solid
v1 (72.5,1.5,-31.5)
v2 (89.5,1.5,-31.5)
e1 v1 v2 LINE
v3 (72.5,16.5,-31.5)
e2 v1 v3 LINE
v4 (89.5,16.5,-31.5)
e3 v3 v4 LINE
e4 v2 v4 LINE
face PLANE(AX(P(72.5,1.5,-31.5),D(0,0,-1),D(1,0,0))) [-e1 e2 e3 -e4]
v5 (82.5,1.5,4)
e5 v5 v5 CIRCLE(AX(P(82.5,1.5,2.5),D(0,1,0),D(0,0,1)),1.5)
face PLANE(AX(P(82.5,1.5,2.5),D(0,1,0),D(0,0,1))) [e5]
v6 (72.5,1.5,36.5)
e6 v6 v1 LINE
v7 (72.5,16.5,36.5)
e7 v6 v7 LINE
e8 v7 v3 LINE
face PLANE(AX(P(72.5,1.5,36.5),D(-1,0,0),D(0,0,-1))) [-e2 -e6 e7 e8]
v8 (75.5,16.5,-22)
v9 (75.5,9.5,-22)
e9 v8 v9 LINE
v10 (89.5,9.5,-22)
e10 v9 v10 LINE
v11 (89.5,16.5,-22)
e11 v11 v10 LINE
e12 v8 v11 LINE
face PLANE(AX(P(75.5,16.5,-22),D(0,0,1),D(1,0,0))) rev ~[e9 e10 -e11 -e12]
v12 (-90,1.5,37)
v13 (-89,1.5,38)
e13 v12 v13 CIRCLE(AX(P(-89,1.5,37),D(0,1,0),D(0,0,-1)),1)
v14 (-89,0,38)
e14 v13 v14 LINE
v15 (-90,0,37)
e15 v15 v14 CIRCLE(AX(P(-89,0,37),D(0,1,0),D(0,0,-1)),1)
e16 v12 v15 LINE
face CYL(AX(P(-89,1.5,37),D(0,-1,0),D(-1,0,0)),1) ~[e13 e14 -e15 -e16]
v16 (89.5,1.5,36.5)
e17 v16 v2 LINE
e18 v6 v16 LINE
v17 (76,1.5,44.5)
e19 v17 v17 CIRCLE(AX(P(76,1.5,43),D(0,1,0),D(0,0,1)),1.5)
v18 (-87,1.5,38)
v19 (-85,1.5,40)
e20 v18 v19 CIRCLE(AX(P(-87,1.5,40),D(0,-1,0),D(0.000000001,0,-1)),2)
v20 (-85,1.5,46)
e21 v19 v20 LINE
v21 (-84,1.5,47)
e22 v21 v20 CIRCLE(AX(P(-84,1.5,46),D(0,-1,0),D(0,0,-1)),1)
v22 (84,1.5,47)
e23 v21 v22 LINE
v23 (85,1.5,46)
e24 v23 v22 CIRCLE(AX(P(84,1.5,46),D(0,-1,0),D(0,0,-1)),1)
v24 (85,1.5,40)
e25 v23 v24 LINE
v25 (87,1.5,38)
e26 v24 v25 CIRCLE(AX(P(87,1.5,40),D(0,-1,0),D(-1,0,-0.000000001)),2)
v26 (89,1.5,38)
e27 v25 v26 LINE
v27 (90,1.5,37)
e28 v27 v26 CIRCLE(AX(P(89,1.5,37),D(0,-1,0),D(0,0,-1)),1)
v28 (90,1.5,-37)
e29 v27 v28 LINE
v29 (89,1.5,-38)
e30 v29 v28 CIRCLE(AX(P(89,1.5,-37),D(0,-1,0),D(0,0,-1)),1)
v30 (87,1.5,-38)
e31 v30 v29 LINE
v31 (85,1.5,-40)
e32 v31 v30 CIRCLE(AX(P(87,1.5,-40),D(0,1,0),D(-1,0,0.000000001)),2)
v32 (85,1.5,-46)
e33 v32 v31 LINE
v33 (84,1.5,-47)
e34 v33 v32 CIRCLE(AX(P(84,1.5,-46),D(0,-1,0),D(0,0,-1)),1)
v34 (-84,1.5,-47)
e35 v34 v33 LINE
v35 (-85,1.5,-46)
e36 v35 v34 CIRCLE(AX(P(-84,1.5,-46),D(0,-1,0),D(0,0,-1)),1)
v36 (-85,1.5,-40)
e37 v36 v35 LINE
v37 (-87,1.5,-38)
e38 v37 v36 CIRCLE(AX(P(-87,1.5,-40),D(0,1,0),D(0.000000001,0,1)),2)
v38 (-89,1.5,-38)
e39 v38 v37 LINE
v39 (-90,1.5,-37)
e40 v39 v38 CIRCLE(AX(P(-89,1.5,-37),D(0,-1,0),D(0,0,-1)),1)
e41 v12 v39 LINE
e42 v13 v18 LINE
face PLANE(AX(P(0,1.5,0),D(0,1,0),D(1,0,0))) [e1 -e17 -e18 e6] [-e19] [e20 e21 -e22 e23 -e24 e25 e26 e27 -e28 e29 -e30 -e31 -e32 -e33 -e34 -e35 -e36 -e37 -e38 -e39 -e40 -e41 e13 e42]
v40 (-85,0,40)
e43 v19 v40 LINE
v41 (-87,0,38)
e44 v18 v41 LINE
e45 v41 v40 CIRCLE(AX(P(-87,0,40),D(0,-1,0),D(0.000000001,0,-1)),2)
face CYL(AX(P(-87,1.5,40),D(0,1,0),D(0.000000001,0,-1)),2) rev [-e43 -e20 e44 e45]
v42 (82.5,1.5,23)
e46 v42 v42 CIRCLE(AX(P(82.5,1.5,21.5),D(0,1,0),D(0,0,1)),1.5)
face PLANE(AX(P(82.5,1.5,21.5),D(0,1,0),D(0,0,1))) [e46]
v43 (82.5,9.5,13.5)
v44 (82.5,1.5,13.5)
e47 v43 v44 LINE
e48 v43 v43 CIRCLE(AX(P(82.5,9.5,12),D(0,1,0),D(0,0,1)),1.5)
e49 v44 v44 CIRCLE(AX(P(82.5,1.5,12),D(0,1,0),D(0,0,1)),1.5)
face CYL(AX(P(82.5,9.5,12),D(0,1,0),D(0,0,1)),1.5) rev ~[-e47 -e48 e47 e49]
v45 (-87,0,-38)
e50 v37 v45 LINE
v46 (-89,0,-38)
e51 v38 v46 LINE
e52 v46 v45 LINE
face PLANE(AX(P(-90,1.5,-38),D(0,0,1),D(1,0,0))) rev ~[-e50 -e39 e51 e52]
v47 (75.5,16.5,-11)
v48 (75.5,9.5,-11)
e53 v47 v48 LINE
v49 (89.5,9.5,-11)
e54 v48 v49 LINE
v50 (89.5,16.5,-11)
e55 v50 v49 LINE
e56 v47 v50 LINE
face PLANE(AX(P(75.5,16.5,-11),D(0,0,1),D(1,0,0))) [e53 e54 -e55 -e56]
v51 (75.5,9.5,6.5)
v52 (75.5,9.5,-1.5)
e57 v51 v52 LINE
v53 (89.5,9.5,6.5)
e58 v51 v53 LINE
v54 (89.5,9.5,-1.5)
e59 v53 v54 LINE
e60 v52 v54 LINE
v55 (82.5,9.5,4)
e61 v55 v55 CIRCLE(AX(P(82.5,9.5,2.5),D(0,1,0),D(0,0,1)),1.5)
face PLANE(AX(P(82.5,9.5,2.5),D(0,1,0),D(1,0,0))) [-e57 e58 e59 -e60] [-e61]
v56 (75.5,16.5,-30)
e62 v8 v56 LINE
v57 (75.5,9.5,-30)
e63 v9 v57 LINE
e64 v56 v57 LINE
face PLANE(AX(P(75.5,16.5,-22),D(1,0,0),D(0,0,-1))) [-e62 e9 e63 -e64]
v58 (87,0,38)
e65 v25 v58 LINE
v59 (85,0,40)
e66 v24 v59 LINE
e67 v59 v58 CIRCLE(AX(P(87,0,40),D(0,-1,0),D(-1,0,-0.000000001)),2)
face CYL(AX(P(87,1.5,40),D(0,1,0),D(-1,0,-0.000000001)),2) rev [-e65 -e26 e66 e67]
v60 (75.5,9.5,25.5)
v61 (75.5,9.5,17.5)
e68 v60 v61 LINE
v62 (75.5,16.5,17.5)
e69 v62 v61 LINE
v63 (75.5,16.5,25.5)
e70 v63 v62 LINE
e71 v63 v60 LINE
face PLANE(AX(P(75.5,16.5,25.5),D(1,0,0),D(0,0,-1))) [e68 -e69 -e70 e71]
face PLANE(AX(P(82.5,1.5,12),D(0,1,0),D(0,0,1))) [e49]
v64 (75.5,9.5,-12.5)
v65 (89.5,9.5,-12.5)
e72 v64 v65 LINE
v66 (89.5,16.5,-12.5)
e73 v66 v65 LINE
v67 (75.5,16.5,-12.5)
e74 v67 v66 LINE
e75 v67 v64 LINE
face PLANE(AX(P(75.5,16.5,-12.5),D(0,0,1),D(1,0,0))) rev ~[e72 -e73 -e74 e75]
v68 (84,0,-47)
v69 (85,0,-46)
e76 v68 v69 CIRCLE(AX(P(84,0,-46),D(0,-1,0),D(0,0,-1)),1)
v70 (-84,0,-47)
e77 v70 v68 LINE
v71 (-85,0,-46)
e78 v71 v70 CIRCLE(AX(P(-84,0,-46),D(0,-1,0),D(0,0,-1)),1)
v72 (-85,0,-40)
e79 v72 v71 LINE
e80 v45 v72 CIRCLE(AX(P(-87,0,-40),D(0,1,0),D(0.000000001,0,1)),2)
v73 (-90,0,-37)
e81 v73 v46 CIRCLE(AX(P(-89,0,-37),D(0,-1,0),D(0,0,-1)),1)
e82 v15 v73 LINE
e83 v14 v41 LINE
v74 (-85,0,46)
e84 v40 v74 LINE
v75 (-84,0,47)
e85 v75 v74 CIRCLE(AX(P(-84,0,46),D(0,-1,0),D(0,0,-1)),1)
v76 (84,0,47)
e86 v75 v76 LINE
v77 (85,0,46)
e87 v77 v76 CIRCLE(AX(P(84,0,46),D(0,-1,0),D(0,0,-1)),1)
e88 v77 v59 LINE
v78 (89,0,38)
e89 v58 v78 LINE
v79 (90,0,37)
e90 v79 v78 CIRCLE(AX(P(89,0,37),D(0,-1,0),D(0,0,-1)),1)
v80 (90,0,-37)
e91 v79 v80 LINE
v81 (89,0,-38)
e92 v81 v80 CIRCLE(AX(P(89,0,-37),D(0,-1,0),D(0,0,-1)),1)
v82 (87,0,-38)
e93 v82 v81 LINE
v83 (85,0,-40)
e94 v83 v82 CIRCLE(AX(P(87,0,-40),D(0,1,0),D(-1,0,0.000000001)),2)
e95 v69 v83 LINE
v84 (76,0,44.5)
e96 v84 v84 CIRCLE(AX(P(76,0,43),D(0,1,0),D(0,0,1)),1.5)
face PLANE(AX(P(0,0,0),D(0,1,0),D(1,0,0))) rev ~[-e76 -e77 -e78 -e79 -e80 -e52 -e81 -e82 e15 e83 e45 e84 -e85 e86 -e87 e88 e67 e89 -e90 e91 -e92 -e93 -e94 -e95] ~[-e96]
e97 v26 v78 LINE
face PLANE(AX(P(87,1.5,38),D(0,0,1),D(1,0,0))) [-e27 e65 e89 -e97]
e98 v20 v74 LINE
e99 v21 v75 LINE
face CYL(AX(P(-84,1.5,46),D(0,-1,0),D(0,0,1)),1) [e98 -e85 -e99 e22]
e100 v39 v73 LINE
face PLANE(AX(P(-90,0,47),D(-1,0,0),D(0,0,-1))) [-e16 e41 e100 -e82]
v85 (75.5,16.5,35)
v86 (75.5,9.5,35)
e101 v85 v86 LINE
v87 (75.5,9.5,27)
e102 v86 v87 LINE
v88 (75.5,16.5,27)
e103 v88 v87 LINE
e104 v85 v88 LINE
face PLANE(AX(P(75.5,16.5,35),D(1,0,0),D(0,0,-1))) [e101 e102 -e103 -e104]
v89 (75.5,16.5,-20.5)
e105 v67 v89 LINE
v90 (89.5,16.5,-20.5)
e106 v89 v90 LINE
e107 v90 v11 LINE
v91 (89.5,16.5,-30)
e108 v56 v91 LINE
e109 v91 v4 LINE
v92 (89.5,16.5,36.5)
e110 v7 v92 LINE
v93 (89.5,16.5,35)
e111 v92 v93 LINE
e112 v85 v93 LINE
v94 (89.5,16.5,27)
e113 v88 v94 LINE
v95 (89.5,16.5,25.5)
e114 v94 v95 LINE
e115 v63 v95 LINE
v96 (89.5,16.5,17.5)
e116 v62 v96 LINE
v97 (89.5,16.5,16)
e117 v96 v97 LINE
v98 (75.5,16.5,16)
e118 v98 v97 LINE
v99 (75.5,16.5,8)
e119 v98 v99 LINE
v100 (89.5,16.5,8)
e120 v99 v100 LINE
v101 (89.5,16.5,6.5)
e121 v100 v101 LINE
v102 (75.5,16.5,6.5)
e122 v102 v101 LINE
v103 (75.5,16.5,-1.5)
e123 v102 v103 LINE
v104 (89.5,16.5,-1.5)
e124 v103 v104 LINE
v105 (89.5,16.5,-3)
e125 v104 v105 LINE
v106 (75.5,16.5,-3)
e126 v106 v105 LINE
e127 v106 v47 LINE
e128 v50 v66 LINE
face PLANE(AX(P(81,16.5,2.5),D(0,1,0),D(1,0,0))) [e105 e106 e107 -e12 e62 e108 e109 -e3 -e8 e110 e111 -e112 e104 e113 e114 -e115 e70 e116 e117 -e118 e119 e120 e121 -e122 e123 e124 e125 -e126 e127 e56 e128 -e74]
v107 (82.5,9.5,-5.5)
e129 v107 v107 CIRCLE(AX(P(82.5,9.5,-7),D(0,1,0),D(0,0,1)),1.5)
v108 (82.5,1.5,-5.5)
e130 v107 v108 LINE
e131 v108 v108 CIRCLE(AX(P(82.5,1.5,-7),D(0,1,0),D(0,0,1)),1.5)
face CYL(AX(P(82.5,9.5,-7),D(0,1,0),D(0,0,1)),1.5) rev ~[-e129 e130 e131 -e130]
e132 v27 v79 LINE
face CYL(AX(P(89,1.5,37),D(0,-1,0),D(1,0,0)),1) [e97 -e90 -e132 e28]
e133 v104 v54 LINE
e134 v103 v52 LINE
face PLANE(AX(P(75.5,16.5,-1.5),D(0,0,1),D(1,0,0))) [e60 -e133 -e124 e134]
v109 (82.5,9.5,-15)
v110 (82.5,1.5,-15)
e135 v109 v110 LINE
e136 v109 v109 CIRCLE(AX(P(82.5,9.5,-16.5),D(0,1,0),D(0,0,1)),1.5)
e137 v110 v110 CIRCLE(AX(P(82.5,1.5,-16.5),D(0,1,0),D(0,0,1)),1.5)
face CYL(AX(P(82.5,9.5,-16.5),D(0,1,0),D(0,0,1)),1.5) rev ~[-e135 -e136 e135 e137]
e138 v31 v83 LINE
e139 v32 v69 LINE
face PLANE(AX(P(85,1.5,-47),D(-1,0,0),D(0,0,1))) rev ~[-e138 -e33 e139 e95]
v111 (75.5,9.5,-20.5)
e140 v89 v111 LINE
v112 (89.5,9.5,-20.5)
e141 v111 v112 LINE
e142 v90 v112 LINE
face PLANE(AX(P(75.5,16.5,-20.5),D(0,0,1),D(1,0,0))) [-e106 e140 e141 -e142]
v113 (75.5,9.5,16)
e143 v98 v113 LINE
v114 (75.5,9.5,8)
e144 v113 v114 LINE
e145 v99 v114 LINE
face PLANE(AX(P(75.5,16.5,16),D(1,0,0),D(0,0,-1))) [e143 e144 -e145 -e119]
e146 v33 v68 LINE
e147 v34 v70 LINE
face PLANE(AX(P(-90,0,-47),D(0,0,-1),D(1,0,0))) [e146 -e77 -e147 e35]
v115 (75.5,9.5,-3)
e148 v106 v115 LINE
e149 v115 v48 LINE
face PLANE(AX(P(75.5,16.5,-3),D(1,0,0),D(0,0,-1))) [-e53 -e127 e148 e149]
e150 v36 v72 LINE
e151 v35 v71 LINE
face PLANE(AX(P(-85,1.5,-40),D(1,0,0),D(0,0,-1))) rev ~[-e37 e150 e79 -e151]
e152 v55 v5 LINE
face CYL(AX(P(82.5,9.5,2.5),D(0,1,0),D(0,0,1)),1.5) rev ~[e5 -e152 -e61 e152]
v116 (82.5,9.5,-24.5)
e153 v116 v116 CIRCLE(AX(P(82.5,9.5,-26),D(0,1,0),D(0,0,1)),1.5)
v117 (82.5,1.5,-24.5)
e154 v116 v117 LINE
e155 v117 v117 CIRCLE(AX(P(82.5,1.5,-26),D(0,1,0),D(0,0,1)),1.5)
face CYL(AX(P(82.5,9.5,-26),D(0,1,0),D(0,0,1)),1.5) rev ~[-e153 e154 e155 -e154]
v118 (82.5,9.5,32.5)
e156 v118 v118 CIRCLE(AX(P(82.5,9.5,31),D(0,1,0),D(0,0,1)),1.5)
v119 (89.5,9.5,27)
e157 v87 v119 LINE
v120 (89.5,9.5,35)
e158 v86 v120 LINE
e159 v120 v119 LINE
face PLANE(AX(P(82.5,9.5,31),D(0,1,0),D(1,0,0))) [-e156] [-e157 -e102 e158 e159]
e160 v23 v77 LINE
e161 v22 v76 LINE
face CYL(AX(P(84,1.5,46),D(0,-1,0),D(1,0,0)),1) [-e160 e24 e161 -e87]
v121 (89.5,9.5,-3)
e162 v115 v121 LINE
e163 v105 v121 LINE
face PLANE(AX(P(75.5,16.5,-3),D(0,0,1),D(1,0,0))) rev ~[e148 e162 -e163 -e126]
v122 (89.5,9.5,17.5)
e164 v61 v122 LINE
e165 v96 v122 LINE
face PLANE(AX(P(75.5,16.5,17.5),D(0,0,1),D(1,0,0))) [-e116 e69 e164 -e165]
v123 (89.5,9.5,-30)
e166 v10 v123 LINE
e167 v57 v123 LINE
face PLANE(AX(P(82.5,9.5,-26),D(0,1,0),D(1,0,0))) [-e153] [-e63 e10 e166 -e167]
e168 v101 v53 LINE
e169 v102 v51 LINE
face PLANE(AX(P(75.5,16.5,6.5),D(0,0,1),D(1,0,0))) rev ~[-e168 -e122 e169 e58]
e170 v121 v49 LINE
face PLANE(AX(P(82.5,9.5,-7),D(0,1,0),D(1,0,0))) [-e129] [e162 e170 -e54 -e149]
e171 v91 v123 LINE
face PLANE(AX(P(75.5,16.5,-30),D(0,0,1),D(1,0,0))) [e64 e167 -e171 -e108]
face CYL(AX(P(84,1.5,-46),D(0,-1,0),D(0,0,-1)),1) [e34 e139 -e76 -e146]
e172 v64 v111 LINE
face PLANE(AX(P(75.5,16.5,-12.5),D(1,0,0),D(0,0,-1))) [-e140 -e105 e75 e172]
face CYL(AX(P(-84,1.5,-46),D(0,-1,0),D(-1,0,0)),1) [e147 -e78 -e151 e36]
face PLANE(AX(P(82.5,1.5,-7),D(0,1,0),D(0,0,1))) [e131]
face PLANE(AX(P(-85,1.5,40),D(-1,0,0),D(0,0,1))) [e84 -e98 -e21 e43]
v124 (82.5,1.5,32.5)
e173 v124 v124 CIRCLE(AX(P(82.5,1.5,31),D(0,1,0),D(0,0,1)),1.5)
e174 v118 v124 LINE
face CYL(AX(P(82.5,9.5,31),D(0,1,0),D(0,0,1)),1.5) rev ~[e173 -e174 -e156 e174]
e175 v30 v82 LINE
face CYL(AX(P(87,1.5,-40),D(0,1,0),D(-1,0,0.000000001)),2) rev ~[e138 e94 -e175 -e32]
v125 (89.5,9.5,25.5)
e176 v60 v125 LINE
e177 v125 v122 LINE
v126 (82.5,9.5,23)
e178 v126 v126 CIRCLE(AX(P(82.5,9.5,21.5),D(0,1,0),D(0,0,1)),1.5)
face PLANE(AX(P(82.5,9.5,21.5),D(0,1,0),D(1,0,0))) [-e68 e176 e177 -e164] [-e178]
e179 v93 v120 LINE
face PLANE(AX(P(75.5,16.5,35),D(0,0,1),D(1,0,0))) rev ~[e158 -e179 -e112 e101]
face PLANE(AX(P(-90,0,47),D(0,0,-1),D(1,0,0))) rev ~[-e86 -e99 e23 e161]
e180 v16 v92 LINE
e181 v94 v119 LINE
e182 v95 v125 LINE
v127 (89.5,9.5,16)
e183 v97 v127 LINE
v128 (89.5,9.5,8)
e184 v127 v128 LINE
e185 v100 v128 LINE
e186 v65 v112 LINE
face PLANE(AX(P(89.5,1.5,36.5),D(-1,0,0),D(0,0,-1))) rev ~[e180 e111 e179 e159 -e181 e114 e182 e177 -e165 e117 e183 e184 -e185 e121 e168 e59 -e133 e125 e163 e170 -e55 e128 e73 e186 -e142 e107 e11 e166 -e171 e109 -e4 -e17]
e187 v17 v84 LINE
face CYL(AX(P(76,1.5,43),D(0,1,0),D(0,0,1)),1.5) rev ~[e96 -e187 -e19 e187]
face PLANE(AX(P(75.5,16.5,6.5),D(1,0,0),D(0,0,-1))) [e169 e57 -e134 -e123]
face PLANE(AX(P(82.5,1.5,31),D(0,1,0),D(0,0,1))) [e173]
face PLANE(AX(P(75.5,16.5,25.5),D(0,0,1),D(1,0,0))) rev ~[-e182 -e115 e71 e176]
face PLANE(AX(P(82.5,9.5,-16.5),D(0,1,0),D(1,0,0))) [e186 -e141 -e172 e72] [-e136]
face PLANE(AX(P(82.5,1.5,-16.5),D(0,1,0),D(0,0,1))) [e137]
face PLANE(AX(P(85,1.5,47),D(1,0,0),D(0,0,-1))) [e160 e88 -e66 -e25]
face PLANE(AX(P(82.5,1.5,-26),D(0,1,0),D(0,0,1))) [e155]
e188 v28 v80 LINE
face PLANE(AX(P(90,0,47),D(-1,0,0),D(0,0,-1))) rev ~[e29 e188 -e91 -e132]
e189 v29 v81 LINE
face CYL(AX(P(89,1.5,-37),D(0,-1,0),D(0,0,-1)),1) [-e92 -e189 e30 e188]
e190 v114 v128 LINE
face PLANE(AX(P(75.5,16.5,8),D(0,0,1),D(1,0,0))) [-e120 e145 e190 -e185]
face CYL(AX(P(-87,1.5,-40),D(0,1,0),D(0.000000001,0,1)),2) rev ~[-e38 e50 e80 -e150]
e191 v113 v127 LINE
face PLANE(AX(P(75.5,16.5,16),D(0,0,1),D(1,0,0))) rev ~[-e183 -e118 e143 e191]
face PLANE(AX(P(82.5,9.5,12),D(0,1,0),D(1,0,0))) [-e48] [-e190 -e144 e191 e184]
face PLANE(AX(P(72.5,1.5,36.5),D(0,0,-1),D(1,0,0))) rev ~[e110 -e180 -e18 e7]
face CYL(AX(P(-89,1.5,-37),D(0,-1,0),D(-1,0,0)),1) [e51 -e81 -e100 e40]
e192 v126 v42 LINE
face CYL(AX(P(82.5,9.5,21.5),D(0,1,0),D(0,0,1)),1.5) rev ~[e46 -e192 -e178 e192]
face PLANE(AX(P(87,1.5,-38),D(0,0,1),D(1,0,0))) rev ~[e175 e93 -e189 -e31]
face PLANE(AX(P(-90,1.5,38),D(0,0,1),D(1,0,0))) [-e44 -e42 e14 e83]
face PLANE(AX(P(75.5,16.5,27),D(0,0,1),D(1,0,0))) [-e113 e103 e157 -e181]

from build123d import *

# Parameters (mm, degrees)
SKETCH_2_W          = 180
SKETCH_2_H          = 94
EXTRUDE_1_DEPTH     = 1.5
CUT_EXTRUDE_1_DEPTH = 1.5
FILLET_1_R          = 1
SKETCH_4_W          = 17
SKETCH_4_H          = 68
EXTRUDE_2_DEPTH     = 15
SKETCH_6_W          = 14
SKETCH_6_H          = 8
CUT_EXTRUDE_3_DEPTH = 7
SKETCH_7_R          = 1.5
CUT_EXTRUDE_4_DEPTH = 8
SKETCH_5_R          = 1.5
CUT_EXTRUDE_2_DEPTH = 103.635276587


with BuildPart() as part:
    # 草图2 → 凸台-拉伸1 (new body)
    with BuildSketch(Plane(origin=(0, 0, 0), x_dir=(1, 0, 0), z_dir=(0, 1, 0))):
        Rectangle(SKETCH_2_W, SKETCH_2_H)
    extrude(amount=EXTRUDE_1_DEPTH)

    # 草图3 → 切除-拉伸1 (cut)
    with BuildSketch(Plane(origin=(0, 1.5, 0), x_dir=(1, 0, 0), z_dir=(0, 1, 0))):
        with BuildLine():
            Line((85, 47), (85, 40))
            ThreePointArc((85, 40), (85.585786438, 38.585786438), (87, 38))
            Line((87, 38), (90, 38))
            Line((90, 38), (90, 47))
            Line((90, 47), (85, 47))
        make_face()
        with BuildLine():
            Line((87, -38), (90, -38))
            Line((90, -38), (90, -47))
            Line((90, -47), (85, -47))
            Line((85, -47), (85, -40))
            ThreePointArc((85, -40), (85.585786438, -38.585786438), (87, -38))
        make_face()
        with BuildLine():
            Line((-90, -47), (-90, -38))
            Line((-90, -38), (-87, -38))
            ThreePointArc((-87, -38), (-85.585786438, -38.585786438), (-85, -40))
            Line((-85, -40), (-85, -47))
            Line((-85, -47), (-90, -47))
        make_face()
        with BuildLine():
            Line((-90, 47), (-90, 38))
            Line((-90, 38), (-87, 38))
            ThreePointArc((-87, 38), (-85.585786438, 38.585786438), (-85, 40))
            Line((-85, 40), (-85, 47))
            Line((-85, 47), (-90, 47))
        make_face()
    extrude(amount=-CUT_EXTRUDE_1_DEPTH, mode=Mode.SUBTRACT)

    # 圆角1
    fillet_1_edges = [part.edges().sort_by_distance(p)[0] for p in [
        (85, 0.75, -47),
        (90, 0.75, -38),
        (90, 0.75, 38),
        (85, 0.75, 47),
        (-85, 0.75, 47),
        (-90, 0.75, 38),
        (-90, 0.75, -38),
        (-85, 0.75, -47),
    ]]
    fillet(fillet_1_edges, radius=FILLET_1_R)

    # 草图4 → 凸台-拉伸2 (add)
    with BuildSketch(Plane(origin=(0, 1.5, 0), x_dir=(1, 0, 0), z_dir=(0, 1, 0))):
        with Locations((81, -2.5)):
            Rectangle(SKETCH_4_W, SKETCH_4_H)
    extrude(amount=EXTRUDE_2_DEPTH)

    # 草图6 → 切除-拉伸3 (cut)
    with BuildSketch(Plane(origin=(0, 16.5, 0), x_dir=(1, 0, 0), z_dir=(0, 1, 0))):
        with Locations((82.5, 26)):
            Rectangle(SKETCH_6_W, SKETCH_6_H)
        with Locations((82.5, 16.5)):
            Rectangle(SKETCH_6_W, SKETCH_6_H)
        with Locations((82.5, 7)):
            Rectangle(SKETCH_6_W, SKETCH_6_H)
        with Locations((82.5, -2.5)):
            Rectangle(SKETCH_6_W, SKETCH_6_H)
        with Locations((82.5, -12)):
            Rectangle(SKETCH_6_W, SKETCH_6_H)
        with Locations((82.5, -21.5)):
            Rectangle(SKETCH_6_W, SKETCH_6_H)
        with Locations((82.5, -31)):
            Rectangle(SKETCH_6_W, SKETCH_6_H)
    extrude(amount=-CUT_EXTRUDE_3_DEPTH, mode=Mode.SUBTRACT)

    # 草图7 → 切除-拉伸4 (cut)
    with BuildSketch(Plane(origin=(0, 9.5, 0), x_dir=(1, 0, 0), z_dir=(0, 1, 0))):
        with Locations(Location((82.5, 26, 0), (0, 0, 270))):
            Circle(SKETCH_7_R)
        with Locations(Location((82.5, 16.5, 0), (0, 0, 270))):
            Circle(SKETCH_7_R)
        with Locations(Location((82.5, 7, 0), (0, 0, 270))):
            Circle(SKETCH_7_R)
        with Locations(Location((82.5, -2.5, 0), (0, 0, 270))):
            Circle(SKETCH_7_R)
        with Locations(Location((82.5, -12, 0), (0, 0, 270))):
            Circle(SKETCH_7_R)
        with Locations(Location((82.5, -21.5, 0), (0, 0, 270))):
            Circle(SKETCH_7_R)
        with Locations(Location((82.5, -31, 0), (0, 0, 270))):
            Circle(SKETCH_7_R)
    extrude(amount=-CUT_EXTRUDE_4_DEPTH, mode=Mode.SUBTRACT)

    # 草图5 → 切除-拉伸2 (cut, through all)
    with BuildSketch(Plane(origin=(0, 1.5, 0), x_dir=(1, 0, 0), z_dir=(0, 1, 0))):
        with Locations(Location((76, -43, 0), (0, 0, 270))):
            Circle(SKETCH_5_R)
    extrude(amount=-CUT_EXTRUDE_2_DEPTH, mode=Mode.SUBTRACT)


solid = part.part
